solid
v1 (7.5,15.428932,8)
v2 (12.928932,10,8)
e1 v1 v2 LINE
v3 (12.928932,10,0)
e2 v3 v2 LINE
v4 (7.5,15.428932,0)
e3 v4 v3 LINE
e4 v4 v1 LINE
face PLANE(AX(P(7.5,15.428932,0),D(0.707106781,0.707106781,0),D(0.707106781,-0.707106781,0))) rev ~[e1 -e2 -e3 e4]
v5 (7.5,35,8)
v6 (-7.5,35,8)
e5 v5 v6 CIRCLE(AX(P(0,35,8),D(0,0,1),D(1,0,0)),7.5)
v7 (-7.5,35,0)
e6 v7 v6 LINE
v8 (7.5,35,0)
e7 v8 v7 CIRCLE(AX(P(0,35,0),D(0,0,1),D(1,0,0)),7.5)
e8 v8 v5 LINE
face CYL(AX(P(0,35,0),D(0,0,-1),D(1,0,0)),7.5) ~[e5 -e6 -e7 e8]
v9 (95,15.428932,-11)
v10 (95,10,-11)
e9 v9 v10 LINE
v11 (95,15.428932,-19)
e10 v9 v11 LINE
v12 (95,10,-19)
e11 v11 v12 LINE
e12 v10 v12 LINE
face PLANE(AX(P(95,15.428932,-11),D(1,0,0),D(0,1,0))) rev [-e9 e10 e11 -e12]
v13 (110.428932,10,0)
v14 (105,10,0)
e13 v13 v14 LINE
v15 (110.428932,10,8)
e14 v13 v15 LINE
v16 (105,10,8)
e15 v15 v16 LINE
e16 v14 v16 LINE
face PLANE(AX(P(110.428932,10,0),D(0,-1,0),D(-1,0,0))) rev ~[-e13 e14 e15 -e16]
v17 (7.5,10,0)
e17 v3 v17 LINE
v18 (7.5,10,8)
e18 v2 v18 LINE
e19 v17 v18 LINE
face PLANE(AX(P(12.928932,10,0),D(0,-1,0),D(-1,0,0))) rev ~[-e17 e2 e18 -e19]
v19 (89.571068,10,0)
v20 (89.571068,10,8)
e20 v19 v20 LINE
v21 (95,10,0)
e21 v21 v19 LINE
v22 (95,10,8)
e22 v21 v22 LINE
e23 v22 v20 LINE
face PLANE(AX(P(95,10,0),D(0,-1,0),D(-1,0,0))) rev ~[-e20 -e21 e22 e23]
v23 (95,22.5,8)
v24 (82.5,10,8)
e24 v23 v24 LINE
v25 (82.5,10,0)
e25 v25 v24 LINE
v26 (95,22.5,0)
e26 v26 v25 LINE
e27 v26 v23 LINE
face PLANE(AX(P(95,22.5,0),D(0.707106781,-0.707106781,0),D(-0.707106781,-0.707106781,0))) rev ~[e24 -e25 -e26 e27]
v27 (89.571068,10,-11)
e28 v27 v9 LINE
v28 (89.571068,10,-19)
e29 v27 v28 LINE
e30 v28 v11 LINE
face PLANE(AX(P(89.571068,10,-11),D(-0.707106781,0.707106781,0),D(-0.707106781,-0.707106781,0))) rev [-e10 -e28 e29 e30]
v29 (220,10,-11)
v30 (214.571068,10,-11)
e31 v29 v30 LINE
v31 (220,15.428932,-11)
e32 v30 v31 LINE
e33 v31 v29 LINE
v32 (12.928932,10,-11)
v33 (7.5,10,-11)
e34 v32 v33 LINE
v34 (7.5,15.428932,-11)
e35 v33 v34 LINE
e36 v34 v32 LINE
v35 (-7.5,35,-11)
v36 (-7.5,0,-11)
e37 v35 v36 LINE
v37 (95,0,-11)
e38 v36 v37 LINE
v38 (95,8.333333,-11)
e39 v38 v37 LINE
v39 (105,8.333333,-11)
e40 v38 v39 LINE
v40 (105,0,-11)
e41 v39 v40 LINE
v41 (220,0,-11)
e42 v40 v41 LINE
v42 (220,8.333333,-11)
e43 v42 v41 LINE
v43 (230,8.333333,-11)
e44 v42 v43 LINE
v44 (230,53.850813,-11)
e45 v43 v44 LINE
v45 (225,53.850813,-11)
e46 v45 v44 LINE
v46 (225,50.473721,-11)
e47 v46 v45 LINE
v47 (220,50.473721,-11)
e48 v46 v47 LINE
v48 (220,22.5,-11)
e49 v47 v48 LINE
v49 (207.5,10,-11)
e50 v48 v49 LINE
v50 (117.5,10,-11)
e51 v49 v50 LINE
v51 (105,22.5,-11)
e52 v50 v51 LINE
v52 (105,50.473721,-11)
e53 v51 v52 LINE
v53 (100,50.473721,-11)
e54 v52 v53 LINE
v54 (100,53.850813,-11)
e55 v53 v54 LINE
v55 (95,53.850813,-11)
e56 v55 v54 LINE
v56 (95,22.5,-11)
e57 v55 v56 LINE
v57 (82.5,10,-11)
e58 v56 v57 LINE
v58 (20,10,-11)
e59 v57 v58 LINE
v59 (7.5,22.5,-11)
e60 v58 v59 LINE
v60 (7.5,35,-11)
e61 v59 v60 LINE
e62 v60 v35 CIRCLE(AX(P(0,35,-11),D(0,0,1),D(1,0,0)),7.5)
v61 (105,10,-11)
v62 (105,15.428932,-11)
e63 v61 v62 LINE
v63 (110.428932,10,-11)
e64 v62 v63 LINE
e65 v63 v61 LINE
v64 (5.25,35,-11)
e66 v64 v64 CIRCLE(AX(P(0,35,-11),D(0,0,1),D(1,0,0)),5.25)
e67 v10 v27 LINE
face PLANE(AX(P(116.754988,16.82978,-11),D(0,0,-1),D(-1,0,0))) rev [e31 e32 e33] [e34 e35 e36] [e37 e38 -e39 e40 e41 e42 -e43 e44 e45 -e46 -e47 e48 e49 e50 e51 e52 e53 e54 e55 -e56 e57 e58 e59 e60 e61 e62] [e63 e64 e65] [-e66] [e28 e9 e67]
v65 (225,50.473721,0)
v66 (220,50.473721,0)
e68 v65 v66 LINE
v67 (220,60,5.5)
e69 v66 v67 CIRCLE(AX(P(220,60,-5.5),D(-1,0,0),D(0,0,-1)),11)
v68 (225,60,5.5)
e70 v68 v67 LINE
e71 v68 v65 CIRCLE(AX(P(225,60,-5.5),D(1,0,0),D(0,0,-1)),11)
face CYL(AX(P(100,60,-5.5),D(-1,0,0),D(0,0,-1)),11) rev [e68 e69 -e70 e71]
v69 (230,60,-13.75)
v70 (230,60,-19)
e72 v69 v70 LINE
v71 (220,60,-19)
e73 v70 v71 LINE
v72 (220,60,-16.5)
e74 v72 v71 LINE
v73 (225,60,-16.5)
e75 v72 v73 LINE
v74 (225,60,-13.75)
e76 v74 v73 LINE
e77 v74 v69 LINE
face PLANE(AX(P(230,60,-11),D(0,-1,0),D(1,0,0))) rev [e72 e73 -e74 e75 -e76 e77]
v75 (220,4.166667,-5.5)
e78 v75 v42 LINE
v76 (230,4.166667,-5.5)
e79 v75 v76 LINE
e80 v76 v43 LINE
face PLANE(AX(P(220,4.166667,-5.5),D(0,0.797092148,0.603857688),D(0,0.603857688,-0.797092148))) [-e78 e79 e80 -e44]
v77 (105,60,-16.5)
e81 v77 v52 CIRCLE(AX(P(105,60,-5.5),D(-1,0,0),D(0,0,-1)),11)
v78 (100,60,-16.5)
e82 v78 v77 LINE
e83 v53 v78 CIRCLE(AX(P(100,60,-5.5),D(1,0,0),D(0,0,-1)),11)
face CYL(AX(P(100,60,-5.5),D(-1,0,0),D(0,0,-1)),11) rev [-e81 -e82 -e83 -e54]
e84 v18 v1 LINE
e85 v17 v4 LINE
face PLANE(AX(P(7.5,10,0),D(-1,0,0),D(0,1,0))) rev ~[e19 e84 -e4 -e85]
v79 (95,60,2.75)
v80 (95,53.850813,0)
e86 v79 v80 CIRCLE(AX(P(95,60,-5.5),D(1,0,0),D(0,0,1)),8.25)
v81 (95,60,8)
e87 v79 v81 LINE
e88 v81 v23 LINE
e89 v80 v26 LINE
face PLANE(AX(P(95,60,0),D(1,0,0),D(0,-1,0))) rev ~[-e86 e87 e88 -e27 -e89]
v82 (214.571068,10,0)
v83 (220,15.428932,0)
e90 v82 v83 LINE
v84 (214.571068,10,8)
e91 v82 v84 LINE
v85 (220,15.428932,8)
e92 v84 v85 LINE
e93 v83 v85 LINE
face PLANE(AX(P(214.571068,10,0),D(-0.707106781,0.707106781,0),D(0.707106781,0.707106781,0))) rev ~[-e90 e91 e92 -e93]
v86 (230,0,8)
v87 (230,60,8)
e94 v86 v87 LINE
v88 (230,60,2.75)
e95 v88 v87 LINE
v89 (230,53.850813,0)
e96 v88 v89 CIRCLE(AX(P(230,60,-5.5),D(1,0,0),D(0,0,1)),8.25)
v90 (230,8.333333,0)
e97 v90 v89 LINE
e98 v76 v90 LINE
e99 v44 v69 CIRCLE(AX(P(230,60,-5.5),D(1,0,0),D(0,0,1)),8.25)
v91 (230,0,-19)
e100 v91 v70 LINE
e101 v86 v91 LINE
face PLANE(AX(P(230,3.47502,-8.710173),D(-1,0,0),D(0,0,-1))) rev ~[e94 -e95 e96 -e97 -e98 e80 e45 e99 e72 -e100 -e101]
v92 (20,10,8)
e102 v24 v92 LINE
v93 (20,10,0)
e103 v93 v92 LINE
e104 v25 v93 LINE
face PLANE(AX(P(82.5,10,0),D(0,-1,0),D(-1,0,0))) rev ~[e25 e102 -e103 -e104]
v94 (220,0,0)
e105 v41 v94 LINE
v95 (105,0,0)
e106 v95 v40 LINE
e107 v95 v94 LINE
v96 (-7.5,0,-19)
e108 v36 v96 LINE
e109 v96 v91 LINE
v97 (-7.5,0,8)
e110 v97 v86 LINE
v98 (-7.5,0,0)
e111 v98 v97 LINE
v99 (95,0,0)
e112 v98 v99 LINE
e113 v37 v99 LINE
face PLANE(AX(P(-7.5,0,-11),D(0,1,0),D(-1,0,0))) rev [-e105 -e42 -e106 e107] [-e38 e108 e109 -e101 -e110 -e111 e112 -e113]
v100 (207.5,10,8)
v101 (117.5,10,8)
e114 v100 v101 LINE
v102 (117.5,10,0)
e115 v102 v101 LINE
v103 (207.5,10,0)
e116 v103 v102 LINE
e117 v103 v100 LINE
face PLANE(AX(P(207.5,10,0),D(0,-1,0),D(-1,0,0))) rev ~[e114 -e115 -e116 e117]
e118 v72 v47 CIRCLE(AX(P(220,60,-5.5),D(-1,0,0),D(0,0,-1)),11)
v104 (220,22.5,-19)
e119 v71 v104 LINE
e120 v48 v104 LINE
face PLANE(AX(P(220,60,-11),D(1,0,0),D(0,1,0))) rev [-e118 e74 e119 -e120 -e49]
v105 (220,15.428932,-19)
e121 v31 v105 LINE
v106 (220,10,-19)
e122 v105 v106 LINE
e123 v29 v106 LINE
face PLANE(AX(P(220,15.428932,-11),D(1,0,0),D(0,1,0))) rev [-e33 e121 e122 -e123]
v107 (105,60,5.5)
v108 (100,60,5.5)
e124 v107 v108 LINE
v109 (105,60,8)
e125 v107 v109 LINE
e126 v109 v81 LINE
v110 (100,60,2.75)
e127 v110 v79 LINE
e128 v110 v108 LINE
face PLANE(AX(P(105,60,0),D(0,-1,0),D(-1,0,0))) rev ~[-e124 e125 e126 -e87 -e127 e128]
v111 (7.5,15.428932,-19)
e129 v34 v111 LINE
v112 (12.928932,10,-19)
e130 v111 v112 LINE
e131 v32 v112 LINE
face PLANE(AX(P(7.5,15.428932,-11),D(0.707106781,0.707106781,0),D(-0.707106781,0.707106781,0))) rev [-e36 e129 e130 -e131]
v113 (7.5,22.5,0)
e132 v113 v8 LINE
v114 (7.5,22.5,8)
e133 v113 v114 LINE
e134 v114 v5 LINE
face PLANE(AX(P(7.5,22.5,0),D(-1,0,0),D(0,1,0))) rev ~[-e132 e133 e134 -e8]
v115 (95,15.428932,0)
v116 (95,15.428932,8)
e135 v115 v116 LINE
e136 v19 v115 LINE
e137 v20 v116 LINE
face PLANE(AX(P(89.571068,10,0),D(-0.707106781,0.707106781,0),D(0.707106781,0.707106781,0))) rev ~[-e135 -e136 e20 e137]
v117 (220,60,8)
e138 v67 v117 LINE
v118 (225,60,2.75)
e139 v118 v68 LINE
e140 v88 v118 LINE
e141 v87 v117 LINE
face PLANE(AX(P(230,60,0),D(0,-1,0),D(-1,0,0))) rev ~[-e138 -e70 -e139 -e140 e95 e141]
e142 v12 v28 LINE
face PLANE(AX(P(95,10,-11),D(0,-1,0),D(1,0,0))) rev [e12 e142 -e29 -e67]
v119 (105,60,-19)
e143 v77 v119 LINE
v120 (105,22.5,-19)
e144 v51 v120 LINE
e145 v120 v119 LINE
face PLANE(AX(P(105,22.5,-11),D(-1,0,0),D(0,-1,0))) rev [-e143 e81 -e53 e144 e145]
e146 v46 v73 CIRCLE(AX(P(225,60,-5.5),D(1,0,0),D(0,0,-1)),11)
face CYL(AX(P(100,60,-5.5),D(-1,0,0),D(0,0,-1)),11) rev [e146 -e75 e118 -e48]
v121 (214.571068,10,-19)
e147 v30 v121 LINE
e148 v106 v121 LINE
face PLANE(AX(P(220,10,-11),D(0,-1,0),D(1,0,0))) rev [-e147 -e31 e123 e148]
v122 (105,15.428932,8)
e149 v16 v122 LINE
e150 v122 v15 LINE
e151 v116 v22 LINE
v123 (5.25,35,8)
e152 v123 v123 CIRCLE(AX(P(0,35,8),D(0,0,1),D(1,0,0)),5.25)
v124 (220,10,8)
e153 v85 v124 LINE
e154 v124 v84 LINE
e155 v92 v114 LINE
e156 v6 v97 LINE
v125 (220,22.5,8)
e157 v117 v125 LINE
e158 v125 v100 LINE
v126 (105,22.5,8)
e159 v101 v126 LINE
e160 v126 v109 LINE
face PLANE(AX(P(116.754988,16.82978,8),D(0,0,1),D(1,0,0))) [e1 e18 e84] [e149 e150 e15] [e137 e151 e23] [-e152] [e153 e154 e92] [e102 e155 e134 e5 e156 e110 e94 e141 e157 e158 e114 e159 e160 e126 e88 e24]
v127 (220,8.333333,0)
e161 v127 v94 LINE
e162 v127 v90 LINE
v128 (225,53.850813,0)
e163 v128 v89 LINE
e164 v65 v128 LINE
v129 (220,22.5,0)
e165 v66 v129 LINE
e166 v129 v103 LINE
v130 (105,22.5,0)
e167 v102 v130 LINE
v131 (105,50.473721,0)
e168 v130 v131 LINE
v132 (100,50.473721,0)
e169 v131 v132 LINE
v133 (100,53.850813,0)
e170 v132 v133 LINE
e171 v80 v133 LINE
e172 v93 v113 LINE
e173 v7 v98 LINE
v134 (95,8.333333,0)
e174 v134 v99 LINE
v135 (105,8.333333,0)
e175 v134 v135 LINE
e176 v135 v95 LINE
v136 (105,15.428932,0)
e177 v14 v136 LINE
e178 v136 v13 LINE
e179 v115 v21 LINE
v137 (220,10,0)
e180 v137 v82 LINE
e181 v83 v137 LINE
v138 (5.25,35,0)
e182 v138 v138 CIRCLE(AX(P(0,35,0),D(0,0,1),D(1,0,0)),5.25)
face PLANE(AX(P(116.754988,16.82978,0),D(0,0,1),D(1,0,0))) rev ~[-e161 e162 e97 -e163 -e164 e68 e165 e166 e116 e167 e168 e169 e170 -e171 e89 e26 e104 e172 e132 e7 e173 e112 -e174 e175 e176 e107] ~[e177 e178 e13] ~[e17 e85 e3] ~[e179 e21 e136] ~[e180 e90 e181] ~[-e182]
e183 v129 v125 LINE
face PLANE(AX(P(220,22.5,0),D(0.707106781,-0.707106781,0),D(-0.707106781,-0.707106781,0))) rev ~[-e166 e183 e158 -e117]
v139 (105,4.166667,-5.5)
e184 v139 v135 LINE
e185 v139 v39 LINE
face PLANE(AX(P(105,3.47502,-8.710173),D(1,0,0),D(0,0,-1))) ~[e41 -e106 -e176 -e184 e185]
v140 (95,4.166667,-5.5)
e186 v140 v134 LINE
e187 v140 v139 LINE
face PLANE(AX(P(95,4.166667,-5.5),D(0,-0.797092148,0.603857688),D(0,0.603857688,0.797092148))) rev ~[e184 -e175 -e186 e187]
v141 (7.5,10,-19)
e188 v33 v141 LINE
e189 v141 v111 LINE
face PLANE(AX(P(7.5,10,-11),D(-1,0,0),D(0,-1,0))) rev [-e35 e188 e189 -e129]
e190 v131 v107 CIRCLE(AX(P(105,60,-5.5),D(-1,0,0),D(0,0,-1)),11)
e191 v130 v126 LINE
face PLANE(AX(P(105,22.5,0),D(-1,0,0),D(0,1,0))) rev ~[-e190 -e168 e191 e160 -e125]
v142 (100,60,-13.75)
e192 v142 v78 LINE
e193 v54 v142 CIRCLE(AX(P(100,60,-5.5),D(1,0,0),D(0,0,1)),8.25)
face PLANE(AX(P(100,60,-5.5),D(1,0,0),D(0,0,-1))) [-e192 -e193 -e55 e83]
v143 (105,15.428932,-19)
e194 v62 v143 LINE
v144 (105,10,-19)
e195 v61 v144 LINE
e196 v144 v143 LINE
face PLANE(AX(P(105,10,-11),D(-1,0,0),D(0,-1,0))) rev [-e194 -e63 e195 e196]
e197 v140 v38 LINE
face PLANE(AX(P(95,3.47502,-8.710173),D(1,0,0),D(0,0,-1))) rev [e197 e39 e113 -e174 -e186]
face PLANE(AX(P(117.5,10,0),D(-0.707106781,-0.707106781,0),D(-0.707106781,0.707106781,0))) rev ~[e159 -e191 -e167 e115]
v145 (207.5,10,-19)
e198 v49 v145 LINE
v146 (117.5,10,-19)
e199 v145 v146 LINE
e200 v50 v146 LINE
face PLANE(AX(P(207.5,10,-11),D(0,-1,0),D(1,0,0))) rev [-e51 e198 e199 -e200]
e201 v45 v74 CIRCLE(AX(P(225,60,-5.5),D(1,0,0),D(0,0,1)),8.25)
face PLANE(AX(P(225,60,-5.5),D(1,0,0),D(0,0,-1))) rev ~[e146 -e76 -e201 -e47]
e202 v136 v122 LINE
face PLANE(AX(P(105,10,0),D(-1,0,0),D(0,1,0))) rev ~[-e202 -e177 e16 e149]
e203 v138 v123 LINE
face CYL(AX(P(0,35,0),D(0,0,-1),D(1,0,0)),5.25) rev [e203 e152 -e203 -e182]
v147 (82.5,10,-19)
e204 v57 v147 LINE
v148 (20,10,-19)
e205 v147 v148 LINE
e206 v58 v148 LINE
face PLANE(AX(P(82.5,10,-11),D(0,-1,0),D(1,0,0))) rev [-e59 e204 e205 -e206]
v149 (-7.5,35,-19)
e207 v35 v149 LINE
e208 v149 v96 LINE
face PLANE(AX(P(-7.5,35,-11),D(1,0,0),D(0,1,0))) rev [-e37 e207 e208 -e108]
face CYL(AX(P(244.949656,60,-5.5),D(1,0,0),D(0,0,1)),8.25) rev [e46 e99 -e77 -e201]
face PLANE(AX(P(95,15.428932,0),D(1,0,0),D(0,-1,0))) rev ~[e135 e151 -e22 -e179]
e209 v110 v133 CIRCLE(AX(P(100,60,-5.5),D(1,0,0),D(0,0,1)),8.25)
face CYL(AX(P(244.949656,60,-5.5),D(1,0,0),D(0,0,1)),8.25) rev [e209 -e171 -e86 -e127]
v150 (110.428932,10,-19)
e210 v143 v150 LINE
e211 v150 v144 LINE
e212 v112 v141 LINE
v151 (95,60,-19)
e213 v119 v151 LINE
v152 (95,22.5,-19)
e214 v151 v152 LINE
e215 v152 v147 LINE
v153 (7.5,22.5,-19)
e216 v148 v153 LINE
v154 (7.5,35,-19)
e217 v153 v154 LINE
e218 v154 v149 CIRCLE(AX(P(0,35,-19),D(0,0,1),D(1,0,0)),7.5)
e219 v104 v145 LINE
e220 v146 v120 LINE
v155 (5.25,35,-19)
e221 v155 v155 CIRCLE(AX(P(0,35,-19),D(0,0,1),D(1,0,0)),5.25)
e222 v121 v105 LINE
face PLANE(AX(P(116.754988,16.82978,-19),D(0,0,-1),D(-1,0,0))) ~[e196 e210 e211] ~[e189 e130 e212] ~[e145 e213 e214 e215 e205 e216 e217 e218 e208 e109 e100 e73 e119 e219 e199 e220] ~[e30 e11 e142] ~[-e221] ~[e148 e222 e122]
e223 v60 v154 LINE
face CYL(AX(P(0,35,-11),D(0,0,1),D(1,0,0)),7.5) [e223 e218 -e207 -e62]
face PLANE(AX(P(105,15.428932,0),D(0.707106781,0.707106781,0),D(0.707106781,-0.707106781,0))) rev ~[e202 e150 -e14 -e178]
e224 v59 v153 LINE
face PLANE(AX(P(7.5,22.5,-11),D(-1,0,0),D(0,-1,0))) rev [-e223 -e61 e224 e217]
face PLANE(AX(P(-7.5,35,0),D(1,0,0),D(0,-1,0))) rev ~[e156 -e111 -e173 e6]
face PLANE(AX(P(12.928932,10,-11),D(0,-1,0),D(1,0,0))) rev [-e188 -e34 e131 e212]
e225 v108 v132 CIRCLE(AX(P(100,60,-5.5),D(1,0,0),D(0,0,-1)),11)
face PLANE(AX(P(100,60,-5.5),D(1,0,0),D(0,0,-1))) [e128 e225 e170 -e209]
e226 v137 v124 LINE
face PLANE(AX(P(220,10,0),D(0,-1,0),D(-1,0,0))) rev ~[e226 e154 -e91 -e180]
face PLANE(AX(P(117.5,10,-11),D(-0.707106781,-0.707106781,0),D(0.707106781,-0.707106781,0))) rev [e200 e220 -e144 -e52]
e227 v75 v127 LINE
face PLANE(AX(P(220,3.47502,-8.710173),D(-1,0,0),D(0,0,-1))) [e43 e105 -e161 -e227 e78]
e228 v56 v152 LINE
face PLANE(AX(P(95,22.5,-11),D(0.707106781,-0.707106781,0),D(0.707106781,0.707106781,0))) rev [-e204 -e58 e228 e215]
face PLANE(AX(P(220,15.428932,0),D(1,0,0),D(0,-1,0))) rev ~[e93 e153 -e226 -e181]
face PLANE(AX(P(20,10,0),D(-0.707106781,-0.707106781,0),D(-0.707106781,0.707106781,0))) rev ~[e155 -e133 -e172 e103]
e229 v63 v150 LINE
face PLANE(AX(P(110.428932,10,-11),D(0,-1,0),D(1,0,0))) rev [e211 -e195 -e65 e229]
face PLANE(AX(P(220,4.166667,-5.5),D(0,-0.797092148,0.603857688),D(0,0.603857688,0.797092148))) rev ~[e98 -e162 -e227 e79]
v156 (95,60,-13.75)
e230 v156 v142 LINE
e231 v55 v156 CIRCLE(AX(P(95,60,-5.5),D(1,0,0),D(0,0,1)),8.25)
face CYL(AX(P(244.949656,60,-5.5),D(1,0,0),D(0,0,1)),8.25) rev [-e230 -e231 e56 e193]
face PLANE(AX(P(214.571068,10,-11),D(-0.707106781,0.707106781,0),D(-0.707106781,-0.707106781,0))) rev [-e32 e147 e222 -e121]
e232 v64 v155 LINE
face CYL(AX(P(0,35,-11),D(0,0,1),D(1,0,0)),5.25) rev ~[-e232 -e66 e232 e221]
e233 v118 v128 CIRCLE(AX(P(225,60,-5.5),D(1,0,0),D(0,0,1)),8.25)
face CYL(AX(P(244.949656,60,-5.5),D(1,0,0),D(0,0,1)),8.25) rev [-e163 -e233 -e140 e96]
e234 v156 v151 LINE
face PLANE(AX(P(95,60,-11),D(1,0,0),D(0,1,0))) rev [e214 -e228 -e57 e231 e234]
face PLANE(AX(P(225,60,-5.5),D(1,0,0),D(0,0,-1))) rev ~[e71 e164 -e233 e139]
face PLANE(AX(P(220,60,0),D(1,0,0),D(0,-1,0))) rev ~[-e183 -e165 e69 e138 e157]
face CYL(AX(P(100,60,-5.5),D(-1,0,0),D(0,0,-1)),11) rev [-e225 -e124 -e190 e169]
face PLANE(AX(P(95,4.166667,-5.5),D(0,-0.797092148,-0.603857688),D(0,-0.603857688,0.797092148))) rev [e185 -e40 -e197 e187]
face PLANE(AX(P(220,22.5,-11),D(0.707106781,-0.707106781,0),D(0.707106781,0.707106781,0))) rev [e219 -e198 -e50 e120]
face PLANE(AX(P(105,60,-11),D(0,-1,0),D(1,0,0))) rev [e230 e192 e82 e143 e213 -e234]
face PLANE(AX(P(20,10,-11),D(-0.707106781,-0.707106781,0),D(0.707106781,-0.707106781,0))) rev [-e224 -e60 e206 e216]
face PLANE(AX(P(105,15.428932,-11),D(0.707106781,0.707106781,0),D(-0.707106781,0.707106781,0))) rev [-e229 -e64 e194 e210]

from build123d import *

# Parameters (mm, degrees)
SKETCH1_R               = 5.25
BOSS_EXTRUDE1_DEPTH     = 8
BOSS_EXTRUDE2_DEPTH     = 10
LPATTERN1_COUNT         = 2
LPATTERN1_PITCH         = 125
MIRROR1_COPY_1_DEPTH    = 10
CUT_EXTRUDE1_START      = -5
SKETCH3_R               = 11
CUT_EXTRUDE1_DEPTH      = 125
CUT_EXTRUDE2_DEPTH      = 10
CUT_EXTRUDE2_DEPTH_BACK = 149.949655924
SKETCH4_R               = 8.25


with BuildPart() as part:
    # Sketch1 → Boss-Extrude1 (new body)
    with BuildSketch(Plane.XY):
        with BuildLine():
            Line((230, 0), (230, 60))
            Line((230, 60), (220, 60))
            Line((220, 60), (220, 22.5))
            Line((220, 22.5), (207.5, 10))
            Line((207.5, 10), (117.5, 10))
            Line((117.5, 10), (105, 22.5))
            Line((105, 22.5), (105, 60))
            Line((105, 60), (95, 60))
            Line((95, 60), (95, 22.5))
            Line((95, 22.5), (82.5, 10))
            Line((82.5, 10), (20, 10))
            Line((20, 10), (7.5, 22.5))
            Line((7.5, 22.5), (7.5, 35))
            ThreePointArc((7.5, 35), (0, 42.5), (-7.5, 35))
            Line((-7.5, 35), (-7.5, 0))
            Line((-7.5, 0), (230, 0))
        make_face()
        Polygon((95, 15.428932188), (95, 10), (89.571067812, 10), align=None, mode=Mode.SUBTRACT)
        Polygon((110.428932188, 10), (105, 10), (105, 15.428932188), align=None, mode=Mode.SUBTRACT)
        Polygon((220, 15.428932188), (220, 10), (214.571067812, 10), align=None, mode=Mode.SUBTRACT)
        with Locations((0, 35)):
            Circle(SKETCH1_R, mode=Mode.SUBTRACT)
        Polygon((7.5, 15.428932188), (12.928932188, 10), (7.5, 10), align=None, mode=Mode.SUBTRACT)
    boss_extrude1 = extrude(amount=BOSS_EXTRUDE1_DEPTH)

    # Sketch2 → Boss-Extrude2 (add)
    with BuildSketch(Plane(origin=(95, 0, 0), x_dir=(0, 0, -1), z_dir=(1, 0, 0))):
        Polygon((5.5, 4.166666667), (0, 8.333333333), (0, 0), (5.5, 0), align=None)
    boss_extrude2 = extrude(amount=BOSS_EXTRUDE2_DEPTH)

    # LPattern1: Boss-Extrude2 ×2
    with Locations(*[(i * LPATTERN1_PITCH, 0, 0) for i in range(1, LPATTERN1_COUNT)]):
        add(boss_extrude2)

    # Mirror1: Boss-Extrude1, Boss-Extrude2 across plane
    add(boss_extrude1.mirror(Plane(origin=(105, 0, -5.5), x_dir=(1, 0, 0), z_dir=(0, 0, 1))))
    add(boss_extrude2.mirror(Plane(origin=(105, 0, -5.5), x_dir=(1, 0, 0), z_dir=(0, 0, 1))))

    # Mirror1 copy 1 sketch → Mirror1 copy 1 (add)
    with BuildSketch(Plane(origin=(220, 0, -11), x_dir=(0, 0, 1), z_dir=(1, 0, 0))):
        Polygon((5.5, -4.166666667), (0, -8.333333333), (0, 0), (5.5, 0), align=None)
    extrude(amount=MIRROR1_COPY_1_DEPTH)

    # Sketch3 → Cut-Extrude1 (cut)
    with BuildSketch(Plane(origin=(105, 0, 0), x_dir=(0, 0, -1), z_dir=(1, 0, 0)).offset(CUT_EXTRUDE1_START)):
        with Locations((5.5, 60)):
            Circle(SKETCH3_R)
    extrude(amount=CUT_EXTRUDE1_DEPTH, mode=Mode.SUBTRACT)

    # Sketch4 → Cut-Extrude2 (cut, two sides: drawn at the far end of the back side and taken through both)
    with BuildSketch(Plane.ZY.offset(-95).offset(-CUT_EXTRUDE2_DEPTH_BACK)):
        with Locations((-5.5, 60)):
            Circle(SKETCH4_R)
    extrude(amount=CUT_EXTRUDE2_DEPTH + CUT_EXTRUDE2_DEPTH_BACK, mode=Mode.SUBTRACT)


solid = part.part
